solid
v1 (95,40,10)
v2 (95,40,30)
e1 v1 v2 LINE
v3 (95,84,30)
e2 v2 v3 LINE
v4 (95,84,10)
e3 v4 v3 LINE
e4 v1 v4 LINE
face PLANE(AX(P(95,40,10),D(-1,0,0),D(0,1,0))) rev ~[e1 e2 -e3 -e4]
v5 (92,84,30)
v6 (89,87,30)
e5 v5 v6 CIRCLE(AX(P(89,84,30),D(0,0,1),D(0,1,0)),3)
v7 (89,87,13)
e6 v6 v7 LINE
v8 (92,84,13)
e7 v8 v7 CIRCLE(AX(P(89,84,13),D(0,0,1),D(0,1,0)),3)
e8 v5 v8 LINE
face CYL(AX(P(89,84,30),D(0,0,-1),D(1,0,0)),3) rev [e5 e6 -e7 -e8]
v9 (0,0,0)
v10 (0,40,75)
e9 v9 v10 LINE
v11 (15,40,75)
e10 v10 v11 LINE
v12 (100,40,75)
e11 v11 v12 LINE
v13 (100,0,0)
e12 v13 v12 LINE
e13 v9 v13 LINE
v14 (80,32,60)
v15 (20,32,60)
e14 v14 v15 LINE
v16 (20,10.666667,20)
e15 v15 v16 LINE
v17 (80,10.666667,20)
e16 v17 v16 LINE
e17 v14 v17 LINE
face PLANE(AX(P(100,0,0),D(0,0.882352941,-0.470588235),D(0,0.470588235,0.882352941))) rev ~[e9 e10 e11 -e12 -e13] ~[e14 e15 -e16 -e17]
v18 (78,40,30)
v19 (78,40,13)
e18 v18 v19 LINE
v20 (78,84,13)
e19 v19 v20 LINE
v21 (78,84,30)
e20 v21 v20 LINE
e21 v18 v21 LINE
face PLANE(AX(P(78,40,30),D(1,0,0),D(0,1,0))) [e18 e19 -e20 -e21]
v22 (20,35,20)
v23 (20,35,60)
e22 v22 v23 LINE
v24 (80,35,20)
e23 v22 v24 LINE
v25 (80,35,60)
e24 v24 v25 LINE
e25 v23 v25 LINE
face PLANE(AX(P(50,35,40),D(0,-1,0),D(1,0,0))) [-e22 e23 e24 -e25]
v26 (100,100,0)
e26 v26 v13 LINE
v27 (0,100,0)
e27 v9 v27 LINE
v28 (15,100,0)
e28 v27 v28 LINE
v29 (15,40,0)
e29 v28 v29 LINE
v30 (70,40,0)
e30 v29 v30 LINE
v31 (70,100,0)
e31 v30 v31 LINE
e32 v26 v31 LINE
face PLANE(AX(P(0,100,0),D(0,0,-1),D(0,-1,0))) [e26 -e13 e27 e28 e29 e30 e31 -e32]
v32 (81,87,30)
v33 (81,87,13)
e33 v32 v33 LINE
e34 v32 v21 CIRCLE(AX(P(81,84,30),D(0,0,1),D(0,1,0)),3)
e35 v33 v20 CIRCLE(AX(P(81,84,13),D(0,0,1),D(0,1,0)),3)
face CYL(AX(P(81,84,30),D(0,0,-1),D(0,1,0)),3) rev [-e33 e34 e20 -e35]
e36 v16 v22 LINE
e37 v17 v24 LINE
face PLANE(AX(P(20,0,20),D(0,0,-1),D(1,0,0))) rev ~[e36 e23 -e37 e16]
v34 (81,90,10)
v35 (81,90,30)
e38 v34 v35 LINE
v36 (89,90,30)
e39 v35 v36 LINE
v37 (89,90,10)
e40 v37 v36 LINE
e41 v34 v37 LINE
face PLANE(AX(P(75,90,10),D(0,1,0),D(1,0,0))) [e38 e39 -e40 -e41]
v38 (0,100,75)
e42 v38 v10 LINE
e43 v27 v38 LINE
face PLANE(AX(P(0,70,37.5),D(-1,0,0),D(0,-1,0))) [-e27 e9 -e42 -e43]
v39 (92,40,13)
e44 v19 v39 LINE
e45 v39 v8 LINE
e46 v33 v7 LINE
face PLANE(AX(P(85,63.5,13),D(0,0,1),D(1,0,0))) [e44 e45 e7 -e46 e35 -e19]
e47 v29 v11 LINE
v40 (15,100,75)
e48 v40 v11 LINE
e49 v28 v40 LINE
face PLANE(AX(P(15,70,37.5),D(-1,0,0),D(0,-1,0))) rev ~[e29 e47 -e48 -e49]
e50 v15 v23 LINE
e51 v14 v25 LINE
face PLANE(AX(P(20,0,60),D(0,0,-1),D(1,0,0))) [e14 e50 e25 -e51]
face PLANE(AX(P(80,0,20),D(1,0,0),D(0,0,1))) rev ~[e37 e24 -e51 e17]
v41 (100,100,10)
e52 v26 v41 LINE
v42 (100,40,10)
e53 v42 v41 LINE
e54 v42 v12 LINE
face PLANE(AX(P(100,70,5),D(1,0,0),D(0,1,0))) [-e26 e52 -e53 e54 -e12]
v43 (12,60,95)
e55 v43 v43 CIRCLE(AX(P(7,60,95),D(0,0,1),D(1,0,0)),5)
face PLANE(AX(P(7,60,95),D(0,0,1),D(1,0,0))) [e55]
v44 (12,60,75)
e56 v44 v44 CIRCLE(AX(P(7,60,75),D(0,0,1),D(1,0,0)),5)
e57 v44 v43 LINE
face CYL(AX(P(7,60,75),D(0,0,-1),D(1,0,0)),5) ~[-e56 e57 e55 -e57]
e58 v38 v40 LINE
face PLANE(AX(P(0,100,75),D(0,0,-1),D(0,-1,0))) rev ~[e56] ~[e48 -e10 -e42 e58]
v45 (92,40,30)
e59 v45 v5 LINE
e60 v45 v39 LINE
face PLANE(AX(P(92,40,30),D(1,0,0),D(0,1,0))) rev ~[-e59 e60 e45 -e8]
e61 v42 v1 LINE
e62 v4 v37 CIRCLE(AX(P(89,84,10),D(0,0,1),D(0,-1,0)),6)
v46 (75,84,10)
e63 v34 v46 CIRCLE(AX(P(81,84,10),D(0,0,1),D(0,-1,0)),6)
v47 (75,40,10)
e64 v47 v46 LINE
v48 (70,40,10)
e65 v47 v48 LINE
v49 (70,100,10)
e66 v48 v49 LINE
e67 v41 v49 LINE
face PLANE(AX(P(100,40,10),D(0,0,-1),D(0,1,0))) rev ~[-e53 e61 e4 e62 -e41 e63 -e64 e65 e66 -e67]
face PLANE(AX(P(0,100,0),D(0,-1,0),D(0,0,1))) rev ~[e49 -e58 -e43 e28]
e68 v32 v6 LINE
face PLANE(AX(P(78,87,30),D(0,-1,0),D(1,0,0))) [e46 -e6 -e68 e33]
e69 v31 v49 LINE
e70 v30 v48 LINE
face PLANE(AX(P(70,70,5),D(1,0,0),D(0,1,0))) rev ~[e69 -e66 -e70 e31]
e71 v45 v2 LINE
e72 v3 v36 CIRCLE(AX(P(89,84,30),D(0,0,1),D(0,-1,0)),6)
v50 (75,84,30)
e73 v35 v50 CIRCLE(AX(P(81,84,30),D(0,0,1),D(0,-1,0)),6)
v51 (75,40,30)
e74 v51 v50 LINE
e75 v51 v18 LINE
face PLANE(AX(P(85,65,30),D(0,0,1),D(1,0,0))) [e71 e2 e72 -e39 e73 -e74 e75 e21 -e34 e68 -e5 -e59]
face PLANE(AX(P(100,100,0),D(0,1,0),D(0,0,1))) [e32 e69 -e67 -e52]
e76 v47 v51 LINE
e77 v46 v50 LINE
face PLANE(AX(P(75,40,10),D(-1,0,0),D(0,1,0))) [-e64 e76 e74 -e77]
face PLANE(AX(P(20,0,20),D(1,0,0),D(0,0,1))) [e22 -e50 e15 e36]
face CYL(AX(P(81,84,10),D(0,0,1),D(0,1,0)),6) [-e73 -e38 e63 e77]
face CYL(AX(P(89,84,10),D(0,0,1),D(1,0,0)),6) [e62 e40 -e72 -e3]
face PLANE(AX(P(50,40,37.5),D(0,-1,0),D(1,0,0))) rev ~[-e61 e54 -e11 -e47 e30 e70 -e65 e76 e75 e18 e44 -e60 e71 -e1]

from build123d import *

# Parameters (mm, degrees)
F0_W      = 100
F0_H      = 75
F1_DEPTH  = 40
F3_DEPTH  = 100.001
F4_W      = 60
F4_H      = 40
F5_DEPTH  = 35
F6_W      = 60
F6_H      = 10
F7_DEPTH  = 30
F8_W      = 20
F8_H      = 50
F9_DEPTH  = 20
F10_W     = 14
F10_H     = 47
F11_DEPTH = 17
F12_R     = 3
F13_R     = 6
F14_W     = 60
F14_H     = 75
F15_DEPTH = 15
F16_R     = 5
F17_DEPTH = 20


with BuildPart() as f1:
    # F0 (on Front) → F1 (new body)
    with BuildSketch(Plane.XZ):
        with Locations((50, 37.5)):
            Rectangle(F0_W, F0_H)
    extrude(amount=-F1_DEPTH)

    # F2 (on face) → F3 (cut, through all)
    with BuildSketch(Plane.YZ.offset(100)):
        Polygon((0, 0), (40, 75), (0, 75), align=None)
    extrude(amount=-F3_DEPTH, mode=Mode.SUBTRACT)

    # F4 (on Front) → F5 (cut)
    with BuildSketch(Plane.XZ):
        with Locations((50, 40)):
            Rectangle(F4_W, F4_H)
    extrude(amount=-F5_DEPTH, mode=Mode.SUBTRACT)

    # F6 (on face) → F7 (join)
    with BuildSketch(Plane.YZ.offset(100)):
        with Locations((70, 5)):
            Rectangle(F6_W, F6_H)
    extrude(amount=-F7_DEPTH)

    # F8 (on face) → F9 (join)
    with BuildSketch(Plane.XY.offset(10)):
        with Locations((85, 65)):
            Rectangle(F8_W, F8_H)
    extrude(amount=F9_DEPTH)

    # F10 (on face) → F11 (cut)
    with BuildSketch(Plane.XY.offset(30)):
        with Locations((85, 63.5)):
            Rectangle(F10_W, F10_H)
    extrude(amount=-F11_DEPTH, mode=Mode.SUBTRACT)

    # F12
    f12_edges = [f1.edges().sort_by_distance(p)[0] for p in [
        (78, 87, 21.5),
        (92, 87, 21.5),
    ]]
    fillet(f12_edges, radius=F12_R)

    # F13
    f13_edges = [f1.edges().sort_by_distance(p)[0] for p in [
        (75, 90, 20),
        (95, 90, 20),
    ]]
    fillet(f13_edges, radius=F13_R)

    # F14 (on face) → F15 (join)
    with BuildSketch(Plane(origin=(0, 0, 0), x_dir=(0, -1, 0), z_dir=(-1, 0, 0))):
        with Locations((-70, 37.5)):
            Rectangle(F14_W, F14_H)
    extrude(amount=-F15_DEPTH)

    # F16 (on face) → F17 (join)
    with BuildSketch(Plane.XY.offset(75)):
        with Locations((7, 60)):
            Circle(F16_R)
    extrude(amount=F17_DEPTH)


solid = f1.part
